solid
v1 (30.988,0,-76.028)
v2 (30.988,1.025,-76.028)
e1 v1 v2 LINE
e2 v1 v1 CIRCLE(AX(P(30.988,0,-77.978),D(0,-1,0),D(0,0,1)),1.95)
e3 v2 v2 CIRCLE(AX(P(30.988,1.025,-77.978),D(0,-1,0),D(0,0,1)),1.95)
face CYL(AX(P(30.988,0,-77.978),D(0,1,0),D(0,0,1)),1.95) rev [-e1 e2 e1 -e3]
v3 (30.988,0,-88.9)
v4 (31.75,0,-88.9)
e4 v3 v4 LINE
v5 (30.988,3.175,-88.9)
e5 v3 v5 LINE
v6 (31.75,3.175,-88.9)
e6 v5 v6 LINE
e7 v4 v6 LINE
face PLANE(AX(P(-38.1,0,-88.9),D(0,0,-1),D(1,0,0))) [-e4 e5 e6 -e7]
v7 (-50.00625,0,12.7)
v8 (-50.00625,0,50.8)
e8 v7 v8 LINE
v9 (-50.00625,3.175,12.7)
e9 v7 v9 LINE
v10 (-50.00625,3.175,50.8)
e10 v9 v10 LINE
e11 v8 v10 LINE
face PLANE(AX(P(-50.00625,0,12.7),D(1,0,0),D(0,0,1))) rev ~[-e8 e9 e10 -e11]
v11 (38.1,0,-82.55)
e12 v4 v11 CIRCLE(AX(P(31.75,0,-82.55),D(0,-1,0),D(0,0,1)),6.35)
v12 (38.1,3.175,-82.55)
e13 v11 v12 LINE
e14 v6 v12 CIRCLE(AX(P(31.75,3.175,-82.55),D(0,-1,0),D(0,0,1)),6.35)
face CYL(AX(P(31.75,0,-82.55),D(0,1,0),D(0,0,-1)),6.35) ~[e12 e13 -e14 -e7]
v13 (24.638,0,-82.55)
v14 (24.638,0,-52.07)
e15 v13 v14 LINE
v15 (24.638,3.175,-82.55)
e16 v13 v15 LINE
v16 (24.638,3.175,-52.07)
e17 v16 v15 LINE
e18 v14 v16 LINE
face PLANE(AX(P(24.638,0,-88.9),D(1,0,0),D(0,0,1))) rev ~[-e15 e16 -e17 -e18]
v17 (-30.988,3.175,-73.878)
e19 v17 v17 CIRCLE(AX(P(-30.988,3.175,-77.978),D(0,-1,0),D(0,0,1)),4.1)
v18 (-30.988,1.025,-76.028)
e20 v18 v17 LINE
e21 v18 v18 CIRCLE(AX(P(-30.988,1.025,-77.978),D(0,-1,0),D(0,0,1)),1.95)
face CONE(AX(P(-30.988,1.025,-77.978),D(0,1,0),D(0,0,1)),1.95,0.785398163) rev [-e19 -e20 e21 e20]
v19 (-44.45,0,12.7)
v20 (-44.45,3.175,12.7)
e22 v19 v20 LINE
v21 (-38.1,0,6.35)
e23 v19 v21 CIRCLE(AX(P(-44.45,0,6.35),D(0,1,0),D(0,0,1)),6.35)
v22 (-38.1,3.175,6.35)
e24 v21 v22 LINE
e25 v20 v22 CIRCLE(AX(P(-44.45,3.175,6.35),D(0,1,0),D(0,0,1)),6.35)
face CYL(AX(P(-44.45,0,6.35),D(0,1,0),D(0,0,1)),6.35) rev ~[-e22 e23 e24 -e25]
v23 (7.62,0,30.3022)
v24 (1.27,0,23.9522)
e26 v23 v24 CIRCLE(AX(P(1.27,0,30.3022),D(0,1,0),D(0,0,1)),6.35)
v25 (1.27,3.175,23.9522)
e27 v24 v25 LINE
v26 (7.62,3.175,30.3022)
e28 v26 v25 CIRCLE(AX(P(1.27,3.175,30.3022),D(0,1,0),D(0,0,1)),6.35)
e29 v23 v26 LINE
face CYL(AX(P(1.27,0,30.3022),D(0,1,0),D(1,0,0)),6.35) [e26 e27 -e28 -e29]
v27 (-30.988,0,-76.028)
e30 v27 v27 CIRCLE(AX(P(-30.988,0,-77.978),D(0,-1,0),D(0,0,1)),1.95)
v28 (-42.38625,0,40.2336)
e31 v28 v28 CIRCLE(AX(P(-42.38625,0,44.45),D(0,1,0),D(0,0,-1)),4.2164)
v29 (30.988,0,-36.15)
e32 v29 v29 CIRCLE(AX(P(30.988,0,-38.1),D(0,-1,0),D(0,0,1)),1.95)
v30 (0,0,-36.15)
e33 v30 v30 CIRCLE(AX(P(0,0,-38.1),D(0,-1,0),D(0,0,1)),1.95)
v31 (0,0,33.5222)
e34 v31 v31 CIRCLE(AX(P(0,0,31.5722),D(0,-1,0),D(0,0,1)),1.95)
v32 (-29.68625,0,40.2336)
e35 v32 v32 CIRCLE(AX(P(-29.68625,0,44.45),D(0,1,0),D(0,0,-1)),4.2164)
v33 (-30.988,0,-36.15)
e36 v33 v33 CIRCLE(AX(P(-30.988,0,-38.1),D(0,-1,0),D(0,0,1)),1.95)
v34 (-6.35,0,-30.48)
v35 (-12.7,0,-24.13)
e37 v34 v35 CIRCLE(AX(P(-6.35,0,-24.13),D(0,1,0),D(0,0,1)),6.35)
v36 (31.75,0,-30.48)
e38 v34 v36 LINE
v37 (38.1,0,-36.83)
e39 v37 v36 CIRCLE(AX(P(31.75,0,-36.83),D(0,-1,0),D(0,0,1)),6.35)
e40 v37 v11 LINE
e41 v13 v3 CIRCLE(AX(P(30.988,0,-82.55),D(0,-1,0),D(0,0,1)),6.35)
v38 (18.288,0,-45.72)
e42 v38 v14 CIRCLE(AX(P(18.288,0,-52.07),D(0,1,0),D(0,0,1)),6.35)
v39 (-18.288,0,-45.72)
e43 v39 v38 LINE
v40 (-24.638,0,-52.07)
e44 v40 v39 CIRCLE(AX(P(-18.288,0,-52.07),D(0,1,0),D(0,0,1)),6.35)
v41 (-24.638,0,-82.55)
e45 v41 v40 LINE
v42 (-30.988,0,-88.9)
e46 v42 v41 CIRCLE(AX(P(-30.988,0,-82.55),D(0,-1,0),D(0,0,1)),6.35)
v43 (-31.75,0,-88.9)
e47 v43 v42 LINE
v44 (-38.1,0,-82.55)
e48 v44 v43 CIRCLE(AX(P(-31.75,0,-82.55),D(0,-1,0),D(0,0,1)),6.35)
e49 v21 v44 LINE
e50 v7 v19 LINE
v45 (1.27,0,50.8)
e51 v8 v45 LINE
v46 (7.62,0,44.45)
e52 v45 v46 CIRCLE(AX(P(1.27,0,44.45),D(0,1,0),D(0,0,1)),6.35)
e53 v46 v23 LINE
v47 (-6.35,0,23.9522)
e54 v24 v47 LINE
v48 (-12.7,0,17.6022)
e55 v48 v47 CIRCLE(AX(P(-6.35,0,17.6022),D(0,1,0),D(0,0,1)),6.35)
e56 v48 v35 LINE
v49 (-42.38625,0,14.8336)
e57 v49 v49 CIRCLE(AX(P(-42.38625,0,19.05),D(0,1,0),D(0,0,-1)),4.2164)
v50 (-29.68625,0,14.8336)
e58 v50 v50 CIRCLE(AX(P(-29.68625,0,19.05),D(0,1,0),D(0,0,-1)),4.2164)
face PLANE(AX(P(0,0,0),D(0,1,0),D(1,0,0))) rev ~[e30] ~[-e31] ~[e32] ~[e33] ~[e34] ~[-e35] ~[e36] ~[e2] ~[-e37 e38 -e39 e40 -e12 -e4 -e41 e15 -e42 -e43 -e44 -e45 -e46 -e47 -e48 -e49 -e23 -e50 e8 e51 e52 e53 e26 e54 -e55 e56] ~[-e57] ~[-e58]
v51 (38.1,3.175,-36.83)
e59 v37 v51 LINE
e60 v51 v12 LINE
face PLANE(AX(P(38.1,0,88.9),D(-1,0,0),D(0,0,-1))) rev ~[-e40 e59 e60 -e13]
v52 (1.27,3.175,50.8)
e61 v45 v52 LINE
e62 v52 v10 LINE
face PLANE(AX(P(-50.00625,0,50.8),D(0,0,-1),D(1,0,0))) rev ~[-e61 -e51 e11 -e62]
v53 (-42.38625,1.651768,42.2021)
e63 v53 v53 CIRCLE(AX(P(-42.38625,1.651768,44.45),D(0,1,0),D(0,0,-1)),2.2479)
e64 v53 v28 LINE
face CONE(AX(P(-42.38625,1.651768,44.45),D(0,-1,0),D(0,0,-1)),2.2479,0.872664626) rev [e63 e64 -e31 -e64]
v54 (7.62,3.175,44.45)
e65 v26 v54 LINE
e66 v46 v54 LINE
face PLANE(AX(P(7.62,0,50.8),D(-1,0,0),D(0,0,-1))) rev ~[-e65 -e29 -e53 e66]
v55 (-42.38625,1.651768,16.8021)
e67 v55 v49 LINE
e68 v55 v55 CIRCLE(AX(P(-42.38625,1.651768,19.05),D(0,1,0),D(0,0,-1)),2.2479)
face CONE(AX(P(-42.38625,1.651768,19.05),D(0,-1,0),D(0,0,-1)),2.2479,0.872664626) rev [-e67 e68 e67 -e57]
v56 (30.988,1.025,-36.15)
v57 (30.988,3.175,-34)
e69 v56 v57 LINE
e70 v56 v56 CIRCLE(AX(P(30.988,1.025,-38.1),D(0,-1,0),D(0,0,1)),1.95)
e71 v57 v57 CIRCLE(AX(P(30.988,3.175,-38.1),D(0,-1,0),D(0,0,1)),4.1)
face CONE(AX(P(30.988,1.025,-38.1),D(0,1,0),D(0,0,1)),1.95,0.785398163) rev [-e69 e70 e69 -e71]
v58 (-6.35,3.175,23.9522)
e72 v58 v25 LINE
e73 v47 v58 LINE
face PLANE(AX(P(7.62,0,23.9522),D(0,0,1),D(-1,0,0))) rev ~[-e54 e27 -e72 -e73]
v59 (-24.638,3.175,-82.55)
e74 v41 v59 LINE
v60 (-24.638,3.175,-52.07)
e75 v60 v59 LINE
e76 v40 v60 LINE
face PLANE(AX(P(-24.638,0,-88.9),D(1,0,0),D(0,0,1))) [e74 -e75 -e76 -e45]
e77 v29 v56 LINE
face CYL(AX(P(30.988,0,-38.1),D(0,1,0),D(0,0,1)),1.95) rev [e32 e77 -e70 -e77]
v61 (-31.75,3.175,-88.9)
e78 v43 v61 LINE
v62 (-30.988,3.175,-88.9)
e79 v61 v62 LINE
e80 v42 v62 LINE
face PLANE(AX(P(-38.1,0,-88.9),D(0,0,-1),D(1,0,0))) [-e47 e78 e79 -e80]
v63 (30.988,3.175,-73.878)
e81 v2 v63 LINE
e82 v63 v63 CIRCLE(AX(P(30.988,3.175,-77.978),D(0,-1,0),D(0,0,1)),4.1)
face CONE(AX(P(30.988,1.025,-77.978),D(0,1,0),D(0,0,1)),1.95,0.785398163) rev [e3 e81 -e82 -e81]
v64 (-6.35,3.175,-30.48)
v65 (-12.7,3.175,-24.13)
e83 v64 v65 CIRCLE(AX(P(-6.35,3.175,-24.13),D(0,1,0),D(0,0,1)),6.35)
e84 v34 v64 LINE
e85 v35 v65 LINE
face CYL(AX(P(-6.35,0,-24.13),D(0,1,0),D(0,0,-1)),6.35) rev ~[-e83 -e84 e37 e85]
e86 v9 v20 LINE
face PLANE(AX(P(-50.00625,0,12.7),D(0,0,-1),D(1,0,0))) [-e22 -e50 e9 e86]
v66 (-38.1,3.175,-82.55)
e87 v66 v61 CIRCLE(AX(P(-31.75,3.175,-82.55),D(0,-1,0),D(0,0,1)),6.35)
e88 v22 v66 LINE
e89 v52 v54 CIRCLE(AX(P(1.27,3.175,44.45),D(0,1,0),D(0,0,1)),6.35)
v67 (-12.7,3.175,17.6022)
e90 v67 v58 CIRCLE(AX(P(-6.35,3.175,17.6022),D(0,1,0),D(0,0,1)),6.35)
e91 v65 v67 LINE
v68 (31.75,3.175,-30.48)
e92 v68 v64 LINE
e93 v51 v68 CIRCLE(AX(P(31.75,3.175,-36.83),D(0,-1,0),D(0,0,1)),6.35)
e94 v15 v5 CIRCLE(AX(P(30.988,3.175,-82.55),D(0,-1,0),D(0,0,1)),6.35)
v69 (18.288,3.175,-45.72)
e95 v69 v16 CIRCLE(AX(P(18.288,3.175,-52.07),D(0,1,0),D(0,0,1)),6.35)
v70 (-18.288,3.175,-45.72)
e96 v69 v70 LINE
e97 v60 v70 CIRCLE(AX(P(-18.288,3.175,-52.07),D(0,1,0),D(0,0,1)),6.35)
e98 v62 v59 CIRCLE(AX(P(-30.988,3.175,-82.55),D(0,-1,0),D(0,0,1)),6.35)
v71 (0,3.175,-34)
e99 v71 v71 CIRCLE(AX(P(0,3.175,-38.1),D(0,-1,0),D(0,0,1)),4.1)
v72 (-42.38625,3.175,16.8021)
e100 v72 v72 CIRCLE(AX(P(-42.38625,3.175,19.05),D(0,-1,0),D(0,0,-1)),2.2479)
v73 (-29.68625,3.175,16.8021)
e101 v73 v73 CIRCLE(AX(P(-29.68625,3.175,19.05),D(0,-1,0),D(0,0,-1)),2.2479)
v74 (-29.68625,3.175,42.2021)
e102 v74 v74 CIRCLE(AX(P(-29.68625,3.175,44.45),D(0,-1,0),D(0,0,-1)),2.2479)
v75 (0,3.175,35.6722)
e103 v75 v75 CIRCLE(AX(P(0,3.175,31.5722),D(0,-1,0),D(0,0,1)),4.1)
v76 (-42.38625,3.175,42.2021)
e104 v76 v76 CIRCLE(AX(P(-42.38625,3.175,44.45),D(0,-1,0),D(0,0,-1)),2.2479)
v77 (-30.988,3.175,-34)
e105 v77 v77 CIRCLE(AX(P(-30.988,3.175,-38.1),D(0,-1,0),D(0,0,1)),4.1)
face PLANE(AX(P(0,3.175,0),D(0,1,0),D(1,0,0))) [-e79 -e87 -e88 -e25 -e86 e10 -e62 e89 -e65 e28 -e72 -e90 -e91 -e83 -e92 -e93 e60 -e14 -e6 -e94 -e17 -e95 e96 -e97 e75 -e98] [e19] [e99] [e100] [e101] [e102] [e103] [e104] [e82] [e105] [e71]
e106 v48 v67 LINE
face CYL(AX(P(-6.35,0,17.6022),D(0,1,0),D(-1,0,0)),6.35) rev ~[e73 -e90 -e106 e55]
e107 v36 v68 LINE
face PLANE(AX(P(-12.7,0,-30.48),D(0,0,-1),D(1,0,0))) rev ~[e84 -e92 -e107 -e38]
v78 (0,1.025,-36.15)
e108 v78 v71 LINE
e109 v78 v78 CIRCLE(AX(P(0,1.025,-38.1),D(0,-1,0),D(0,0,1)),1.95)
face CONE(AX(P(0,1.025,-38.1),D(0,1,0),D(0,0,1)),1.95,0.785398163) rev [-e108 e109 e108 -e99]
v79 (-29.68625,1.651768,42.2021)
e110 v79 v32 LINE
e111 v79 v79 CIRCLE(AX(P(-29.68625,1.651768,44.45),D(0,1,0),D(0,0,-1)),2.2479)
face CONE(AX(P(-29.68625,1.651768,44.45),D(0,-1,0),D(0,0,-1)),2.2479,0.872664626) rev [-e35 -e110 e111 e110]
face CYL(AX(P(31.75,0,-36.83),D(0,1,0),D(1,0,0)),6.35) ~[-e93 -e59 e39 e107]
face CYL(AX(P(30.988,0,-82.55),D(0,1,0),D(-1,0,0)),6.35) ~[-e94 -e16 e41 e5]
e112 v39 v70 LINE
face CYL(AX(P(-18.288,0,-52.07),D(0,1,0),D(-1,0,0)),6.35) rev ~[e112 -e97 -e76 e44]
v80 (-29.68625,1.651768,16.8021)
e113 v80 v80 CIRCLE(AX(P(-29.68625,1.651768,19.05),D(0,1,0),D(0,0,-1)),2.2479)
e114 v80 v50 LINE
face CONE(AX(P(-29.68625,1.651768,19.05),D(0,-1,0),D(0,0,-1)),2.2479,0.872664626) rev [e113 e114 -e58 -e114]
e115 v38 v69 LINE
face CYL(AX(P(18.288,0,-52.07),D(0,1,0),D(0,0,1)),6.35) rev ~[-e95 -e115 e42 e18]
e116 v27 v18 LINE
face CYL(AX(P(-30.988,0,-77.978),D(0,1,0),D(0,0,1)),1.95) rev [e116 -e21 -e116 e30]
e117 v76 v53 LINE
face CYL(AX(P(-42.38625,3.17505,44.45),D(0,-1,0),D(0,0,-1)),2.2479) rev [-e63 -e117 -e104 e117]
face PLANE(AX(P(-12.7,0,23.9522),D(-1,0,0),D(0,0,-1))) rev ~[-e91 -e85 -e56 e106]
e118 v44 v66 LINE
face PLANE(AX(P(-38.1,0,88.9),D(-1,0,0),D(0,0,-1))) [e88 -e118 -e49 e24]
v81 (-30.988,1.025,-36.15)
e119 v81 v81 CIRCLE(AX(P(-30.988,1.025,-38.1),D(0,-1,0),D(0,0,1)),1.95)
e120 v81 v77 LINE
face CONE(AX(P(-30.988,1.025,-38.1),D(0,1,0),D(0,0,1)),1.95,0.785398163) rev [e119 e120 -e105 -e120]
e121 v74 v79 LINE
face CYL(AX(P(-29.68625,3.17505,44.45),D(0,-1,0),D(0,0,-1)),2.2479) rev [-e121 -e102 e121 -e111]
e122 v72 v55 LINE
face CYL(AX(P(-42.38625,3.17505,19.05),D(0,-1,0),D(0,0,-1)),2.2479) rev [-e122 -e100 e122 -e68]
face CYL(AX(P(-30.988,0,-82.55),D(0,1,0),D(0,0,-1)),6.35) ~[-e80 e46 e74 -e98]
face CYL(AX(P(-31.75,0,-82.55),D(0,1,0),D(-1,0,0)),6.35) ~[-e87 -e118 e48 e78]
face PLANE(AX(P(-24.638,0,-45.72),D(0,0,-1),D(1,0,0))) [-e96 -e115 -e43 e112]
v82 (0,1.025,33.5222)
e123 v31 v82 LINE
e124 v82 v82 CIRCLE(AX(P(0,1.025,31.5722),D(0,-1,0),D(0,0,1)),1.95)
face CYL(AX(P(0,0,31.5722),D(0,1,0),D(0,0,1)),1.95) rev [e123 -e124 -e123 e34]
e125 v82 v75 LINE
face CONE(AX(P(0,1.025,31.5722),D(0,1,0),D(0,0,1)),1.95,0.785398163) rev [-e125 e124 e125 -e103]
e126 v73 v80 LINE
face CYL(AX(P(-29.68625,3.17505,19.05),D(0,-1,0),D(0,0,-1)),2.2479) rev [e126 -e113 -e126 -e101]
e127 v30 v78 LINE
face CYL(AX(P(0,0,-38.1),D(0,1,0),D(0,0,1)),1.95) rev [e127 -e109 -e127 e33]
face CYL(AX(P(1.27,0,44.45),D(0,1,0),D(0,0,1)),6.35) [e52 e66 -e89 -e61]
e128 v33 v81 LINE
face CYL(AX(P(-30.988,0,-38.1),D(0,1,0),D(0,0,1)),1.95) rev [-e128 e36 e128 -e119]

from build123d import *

# Parameters (mm, degrees)
SKETCH1_W                                      = 76.2
SKETCH1_H                                      = 177.8
BOSS_EXTRUDE1_DEPTH                            = 3.175
CSK_FOR_M3_5_FLAT_HEAD_MACHINE_SCREW1_AT_COUNT = 2
CSK_FOR_M3_5_FLAT_HEAD_MACHINE_SCREW1_AT_PITCH = 61.976
CSK_FOR_M3_5_FLAT_HEAD_MACHINE_SCREW_2_COUNT   = 2
CSK_FOR_M3_5_FLAT_HEAD_MACHINE_SCREW_2_PITCH   = 73.697214737
CSK_FOR_M3_5_FLAT_HEAD_MACHINE_SCREW_3_COUNT   = 2
CSK_FOR_M3_5_FLAT_HEAD_MACHINE_SCREW_3_PITCH   = 50.50258437
CSK_FOR_M3_5_FLAT_HEAD_MACHINE_SCREW_4_COUNT   = 2
CSK_FOR_M3_5_FLAT_HEAD_MACHINE_SCREW_4_PITCH   = 39.878
CSK_FOR_M3_5_FLAT_HEAD_MACHINE_SCREW_5_COUNT   = 2
CSK_FOR_M3_5_FLAT_HEAD_MACHINE_SCREW_5_PITCH   = 113.848594475
SKETCH7_W                                      = 11.90625
SKETCH7_H                                      = 38.1
BOSS_EXTRUDE2_DEPTH                            = 3.175
CSK_FOR_8_FLAT_HEAD_MACHINE_SCREW_2_COUNT      = 2
CSK_FOR_8_FLAT_HEAD_MACHINE_SCREW_2_PITCH      = 28.398063314
CSK_FOR_8_FLAT_HEAD_MACHINE_SCREW_3_COUNT      = 2
CSK_FOR_8_FLAT_HEAD_MACHINE_SCREW_3_PITCH      = 12.7
CSK_FOR_8_FLAT_HEAD_MACHINE_SCREW_4_COUNT      = 2
CSK_FOR_8_FLAT_HEAD_MACHINE_SCREW_4_PITCH      = 25.4
SKETCH10_W                                     = 76.2
SKETCH10_H                                     = 38.1
CUT_EXTRUDE2_DEPTH                             = 103.048594621
SKETCH11_W                                     = 49.276
SKETCH11_H                                     = 43.18
CUT_EXTRUDE3_DEPTH                             = 103.048594621
CUT_EXTRUDE4_DEPTH                             = 103.048594621
FILLET2_R                                      = 6.35
FILLET3_R                                      = 6.35


with BuildPart() as part:
    # Sketch1 → Boss-Extrude1 (new body)
    with BuildSketch(Plane(origin=(0, 0, 0), x_dir=(1, 0, 0), z_dir=(0, 1, 0))):
        Rectangle(SKETCH1_W, SKETCH1_H)
    extrude(amount=BOSS_EXTRUDE1_DEPTH)

    # Sketch5 → CSK for M3.5 Flat Head Machine Screw1 (revolve, cut)
    with BuildSketch(Plane(origin=(-30.988, 3.175, -77.978), x_dir=(0, 0, 1), z_dir=(1, 0, 0))):
        Polygon((0, 0), (0, 3.175), (1.95, 3.175), (1.95, 2.15), (4.1, 0), align=None)
    csk_for_m3_5_flat_head_machine_screw1 = revolve(axis=Axis((-30.988, 9.525, -77.978), (0, -1, 0)), mode=Mode.SUBTRACT)

    # CSK for M3.5 Flat Head Machine Screw1 at: CSK for M3.5 Flat Head Machine Screw1 ×2
    with Locations(*[(i * CSK_FOR_M3_5_FLAT_HEAD_MACHINE_SCREW1_AT_PITCH, 0, 0) for i in range(1, CSK_FOR_M3_5_FLAT_HEAD_MACHINE_SCREW1_AT_COUNT)]):
        add(csk_for_m3_5_flat_head_machine_screw1, mode=Mode.SUBTRACT)

    # CSK for M3.5 Flat Head Machine Screw 2: CSK for M3.5 Flat Head Machine Screw1 ×2
    with Locations(*[Vector(0.8409544406952484, 0, 0.5411059311030901) * (i * CSK_FOR_M3_5_FLAT_HEAD_MACHINE_SCREW_2_PITCH) for i in range(1, CSK_FOR_M3_5_FLAT_HEAD_MACHINE_SCREW_2_COUNT)]):
        add(csk_for_m3_5_flat_head_machine_screw1, mode=Mode.SUBTRACT)

    # CSK for M3.5 Flat Head Machine Screw 3: CSK for M3.5 Flat Head Machine Screw1 ×2
    with Locations(*[Vector(0.6135923613981475, 0, 0.7896229568812226) * (i * CSK_FOR_M3_5_FLAT_HEAD_MACHINE_SCREW_3_PITCH) for i in range(1, CSK_FOR_M3_5_FLAT_HEAD_MACHINE_SCREW_3_COUNT)]):
        add(csk_for_m3_5_flat_head_machine_screw1, mode=Mode.SUBTRACT)

    # CSK for M3.5 Flat Head Machine Screw 4: CSK for M3.5 Flat Head Machine Screw1 ×2
    with Locations(*[(0, 0, i * CSK_FOR_M3_5_FLAT_HEAD_MACHINE_SCREW_4_PITCH) for i in range(1, CSK_FOR_M3_5_FLAT_HEAD_MACHINE_SCREW_4_COUNT)]):
        add(csk_for_m3_5_flat_head_machine_screw1, mode=Mode.SUBTRACT)

    # CSK for M3.5 Flat Head Machine Screw 5: CSK for M3.5 Flat Head Machine Screw1 ×2
    with Locations(*[Vector(0.27218605677803737, 0, 0.9622446417079302) * (i * CSK_FOR_M3_5_FLAT_HEAD_MACHINE_SCREW_5_PITCH) for i in range(1, CSK_FOR_M3_5_FLAT_HEAD_MACHINE_SCREW_5_COUNT)]):
        add(csk_for_m3_5_flat_head_machine_screw1, mode=Mode.SUBTRACT)

    # Sketch7 → Boss-Extrude2 (add)
    with BuildSketch(Plane.XZ):
        with Locations((-44.053125, 31.75)):
            Rectangle(SKETCH7_W, SKETCH7_H)
    extrude(amount=-BOSS_EXTRUDE2_DEPTH)

    # Sketch8 → CSK for #8 Flat Head Machine Screw (100)1 (revolve, cut)
    with BuildSketch(Plane(origin=(-29.68625, 0, 44.45), x_dir=(0, 0, -1), z_dir=(1, 0, 0))):
        Polygon((0, 0), (0, 3.17505), (2.2479, 3.17505), (2.2479, 1.651767624), (4.2164, 0), align=None)
    csk_for_8_flat_head_machine_screw_100 = revolve(axis=Axis((-29.68625, -6.35, 44.45), (0, 1, 0)), mode=Mode.SUBTRACT)

    # CSK for _8 Flat Head Machine Screw _ 2: CSK for #8 Flat Head Machine Screw (100)1 ×2
    with Locations(*[Vector(-0.44721359549995776, 0, -0.8944271909999161) * (i * CSK_FOR_8_FLAT_HEAD_MACHINE_SCREW_2_PITCH) for i in range(1, CSK_FOR_8_FLAT_HEAD_MACHINE_SCREW_2_COUNT)]):
        add(csk_for_8_flat_head_machine_screw_100, mode=Mode.SUBTRACT)

    # CSK for _8 Flat Head Machine Screw _ 3: CSK for #8 Flat Head Machine Screw (100)1 ×2
    with Locations(*[(-i * CSK_FOR_8_FLAT_HEAD_MACHINE_SCREW_3_PITCH, 0, 0) for i in range(1, CSK_FOR_8_FLAT_HEAD_MACHINE_SCREW_3_COUNT)]):
        add(csk_for_8_flat_head_machine_screw_100, mode=Mode.SUBTRACT)

    # CSK for _8 Flat Head Machine Screw _ 4: CSK for #8 Flat Head Machine Screw (100)1 ×2
    with Locations(*[(0, 0, -i * CSK_FOR_8_FLAT_HEAD_MACHINE_SCREW_4_PITCH) for i in range(1, CSK_FOR_8_FLAT_HEAD_MACHINE_SCREW_4_COUNT)]):
        add(csk_for_8_flat_head_machine_screw_100, mode=Mode.SUBTRACT)

    # Sketch10 → Cut-Extrude2 (cut, through all)
    with BuildSketch(Plane.XZ):
        with Locations((0, 69.85)):
            Rectangle(SKETCH10_W, SKETCH10_H)
    extrude(amount=-CUT_EXTRUDE2_DEPTH, mode=Mode.SUBTRACT)

    # Sketch11 → Cut-Extrude3 (cut, through all)
    with BuildSketch(Plane.XZ):
        with Locations((0, -67.31)):
            Rectangle(SKETCH11_W, SKETCH11_H)
    extrude(amount=-CUT_EXTRUDE3_DEPTH, mode=Mode.SUBTRACT)

    # Sketch12 → Cut-Extrude4 (cut, through all)
    with BuildSketch(Plane.XZ):
        Polygon((7.62, 50.8), (7.62, 23.9522), (-12.7, 23.9522), (-12.7, -30.48), (38.1, -30.48), (38.1, 50.8), align=None)
    extrude(amount=-CUT_EXTRUDE4_DEPTH, mode=Mode.SUBTRACT)

    # Fillet2
    fillet2_edges = [part.edges().sort_by_distance(p)[0] for p in [
        (24.638, 1.5875, -45.72),
        (-24.638, 1.5875, -45.72),
        (38.1, 1.5875, -30.48),
        (-12.7, 1.5875, -30.48),
        (-12.7, 1.5875, 23.9522),
        (7.62, 1.5875, 23.9522),
        (-38.1, 1.5875, 12.7),
    ]]
    fillet(fillet2_edges, radius=FILLET2_R)

    # Fillet3
    fillet3_edges = [part.edges().sort_by_distance(p)[0] for p in [
        (-38.1, 1.5875, -88.9),
        (-24.638, 1.5875, -88.9),
        (24.638, 1.5875, -88.9),
        (38.1, 1.5875, -88.9),
        (7.62, 1.5875, 50.8),
    ]]
    fillet(fillet3_edges, radius=FILLET3_R)


solid = part.part
